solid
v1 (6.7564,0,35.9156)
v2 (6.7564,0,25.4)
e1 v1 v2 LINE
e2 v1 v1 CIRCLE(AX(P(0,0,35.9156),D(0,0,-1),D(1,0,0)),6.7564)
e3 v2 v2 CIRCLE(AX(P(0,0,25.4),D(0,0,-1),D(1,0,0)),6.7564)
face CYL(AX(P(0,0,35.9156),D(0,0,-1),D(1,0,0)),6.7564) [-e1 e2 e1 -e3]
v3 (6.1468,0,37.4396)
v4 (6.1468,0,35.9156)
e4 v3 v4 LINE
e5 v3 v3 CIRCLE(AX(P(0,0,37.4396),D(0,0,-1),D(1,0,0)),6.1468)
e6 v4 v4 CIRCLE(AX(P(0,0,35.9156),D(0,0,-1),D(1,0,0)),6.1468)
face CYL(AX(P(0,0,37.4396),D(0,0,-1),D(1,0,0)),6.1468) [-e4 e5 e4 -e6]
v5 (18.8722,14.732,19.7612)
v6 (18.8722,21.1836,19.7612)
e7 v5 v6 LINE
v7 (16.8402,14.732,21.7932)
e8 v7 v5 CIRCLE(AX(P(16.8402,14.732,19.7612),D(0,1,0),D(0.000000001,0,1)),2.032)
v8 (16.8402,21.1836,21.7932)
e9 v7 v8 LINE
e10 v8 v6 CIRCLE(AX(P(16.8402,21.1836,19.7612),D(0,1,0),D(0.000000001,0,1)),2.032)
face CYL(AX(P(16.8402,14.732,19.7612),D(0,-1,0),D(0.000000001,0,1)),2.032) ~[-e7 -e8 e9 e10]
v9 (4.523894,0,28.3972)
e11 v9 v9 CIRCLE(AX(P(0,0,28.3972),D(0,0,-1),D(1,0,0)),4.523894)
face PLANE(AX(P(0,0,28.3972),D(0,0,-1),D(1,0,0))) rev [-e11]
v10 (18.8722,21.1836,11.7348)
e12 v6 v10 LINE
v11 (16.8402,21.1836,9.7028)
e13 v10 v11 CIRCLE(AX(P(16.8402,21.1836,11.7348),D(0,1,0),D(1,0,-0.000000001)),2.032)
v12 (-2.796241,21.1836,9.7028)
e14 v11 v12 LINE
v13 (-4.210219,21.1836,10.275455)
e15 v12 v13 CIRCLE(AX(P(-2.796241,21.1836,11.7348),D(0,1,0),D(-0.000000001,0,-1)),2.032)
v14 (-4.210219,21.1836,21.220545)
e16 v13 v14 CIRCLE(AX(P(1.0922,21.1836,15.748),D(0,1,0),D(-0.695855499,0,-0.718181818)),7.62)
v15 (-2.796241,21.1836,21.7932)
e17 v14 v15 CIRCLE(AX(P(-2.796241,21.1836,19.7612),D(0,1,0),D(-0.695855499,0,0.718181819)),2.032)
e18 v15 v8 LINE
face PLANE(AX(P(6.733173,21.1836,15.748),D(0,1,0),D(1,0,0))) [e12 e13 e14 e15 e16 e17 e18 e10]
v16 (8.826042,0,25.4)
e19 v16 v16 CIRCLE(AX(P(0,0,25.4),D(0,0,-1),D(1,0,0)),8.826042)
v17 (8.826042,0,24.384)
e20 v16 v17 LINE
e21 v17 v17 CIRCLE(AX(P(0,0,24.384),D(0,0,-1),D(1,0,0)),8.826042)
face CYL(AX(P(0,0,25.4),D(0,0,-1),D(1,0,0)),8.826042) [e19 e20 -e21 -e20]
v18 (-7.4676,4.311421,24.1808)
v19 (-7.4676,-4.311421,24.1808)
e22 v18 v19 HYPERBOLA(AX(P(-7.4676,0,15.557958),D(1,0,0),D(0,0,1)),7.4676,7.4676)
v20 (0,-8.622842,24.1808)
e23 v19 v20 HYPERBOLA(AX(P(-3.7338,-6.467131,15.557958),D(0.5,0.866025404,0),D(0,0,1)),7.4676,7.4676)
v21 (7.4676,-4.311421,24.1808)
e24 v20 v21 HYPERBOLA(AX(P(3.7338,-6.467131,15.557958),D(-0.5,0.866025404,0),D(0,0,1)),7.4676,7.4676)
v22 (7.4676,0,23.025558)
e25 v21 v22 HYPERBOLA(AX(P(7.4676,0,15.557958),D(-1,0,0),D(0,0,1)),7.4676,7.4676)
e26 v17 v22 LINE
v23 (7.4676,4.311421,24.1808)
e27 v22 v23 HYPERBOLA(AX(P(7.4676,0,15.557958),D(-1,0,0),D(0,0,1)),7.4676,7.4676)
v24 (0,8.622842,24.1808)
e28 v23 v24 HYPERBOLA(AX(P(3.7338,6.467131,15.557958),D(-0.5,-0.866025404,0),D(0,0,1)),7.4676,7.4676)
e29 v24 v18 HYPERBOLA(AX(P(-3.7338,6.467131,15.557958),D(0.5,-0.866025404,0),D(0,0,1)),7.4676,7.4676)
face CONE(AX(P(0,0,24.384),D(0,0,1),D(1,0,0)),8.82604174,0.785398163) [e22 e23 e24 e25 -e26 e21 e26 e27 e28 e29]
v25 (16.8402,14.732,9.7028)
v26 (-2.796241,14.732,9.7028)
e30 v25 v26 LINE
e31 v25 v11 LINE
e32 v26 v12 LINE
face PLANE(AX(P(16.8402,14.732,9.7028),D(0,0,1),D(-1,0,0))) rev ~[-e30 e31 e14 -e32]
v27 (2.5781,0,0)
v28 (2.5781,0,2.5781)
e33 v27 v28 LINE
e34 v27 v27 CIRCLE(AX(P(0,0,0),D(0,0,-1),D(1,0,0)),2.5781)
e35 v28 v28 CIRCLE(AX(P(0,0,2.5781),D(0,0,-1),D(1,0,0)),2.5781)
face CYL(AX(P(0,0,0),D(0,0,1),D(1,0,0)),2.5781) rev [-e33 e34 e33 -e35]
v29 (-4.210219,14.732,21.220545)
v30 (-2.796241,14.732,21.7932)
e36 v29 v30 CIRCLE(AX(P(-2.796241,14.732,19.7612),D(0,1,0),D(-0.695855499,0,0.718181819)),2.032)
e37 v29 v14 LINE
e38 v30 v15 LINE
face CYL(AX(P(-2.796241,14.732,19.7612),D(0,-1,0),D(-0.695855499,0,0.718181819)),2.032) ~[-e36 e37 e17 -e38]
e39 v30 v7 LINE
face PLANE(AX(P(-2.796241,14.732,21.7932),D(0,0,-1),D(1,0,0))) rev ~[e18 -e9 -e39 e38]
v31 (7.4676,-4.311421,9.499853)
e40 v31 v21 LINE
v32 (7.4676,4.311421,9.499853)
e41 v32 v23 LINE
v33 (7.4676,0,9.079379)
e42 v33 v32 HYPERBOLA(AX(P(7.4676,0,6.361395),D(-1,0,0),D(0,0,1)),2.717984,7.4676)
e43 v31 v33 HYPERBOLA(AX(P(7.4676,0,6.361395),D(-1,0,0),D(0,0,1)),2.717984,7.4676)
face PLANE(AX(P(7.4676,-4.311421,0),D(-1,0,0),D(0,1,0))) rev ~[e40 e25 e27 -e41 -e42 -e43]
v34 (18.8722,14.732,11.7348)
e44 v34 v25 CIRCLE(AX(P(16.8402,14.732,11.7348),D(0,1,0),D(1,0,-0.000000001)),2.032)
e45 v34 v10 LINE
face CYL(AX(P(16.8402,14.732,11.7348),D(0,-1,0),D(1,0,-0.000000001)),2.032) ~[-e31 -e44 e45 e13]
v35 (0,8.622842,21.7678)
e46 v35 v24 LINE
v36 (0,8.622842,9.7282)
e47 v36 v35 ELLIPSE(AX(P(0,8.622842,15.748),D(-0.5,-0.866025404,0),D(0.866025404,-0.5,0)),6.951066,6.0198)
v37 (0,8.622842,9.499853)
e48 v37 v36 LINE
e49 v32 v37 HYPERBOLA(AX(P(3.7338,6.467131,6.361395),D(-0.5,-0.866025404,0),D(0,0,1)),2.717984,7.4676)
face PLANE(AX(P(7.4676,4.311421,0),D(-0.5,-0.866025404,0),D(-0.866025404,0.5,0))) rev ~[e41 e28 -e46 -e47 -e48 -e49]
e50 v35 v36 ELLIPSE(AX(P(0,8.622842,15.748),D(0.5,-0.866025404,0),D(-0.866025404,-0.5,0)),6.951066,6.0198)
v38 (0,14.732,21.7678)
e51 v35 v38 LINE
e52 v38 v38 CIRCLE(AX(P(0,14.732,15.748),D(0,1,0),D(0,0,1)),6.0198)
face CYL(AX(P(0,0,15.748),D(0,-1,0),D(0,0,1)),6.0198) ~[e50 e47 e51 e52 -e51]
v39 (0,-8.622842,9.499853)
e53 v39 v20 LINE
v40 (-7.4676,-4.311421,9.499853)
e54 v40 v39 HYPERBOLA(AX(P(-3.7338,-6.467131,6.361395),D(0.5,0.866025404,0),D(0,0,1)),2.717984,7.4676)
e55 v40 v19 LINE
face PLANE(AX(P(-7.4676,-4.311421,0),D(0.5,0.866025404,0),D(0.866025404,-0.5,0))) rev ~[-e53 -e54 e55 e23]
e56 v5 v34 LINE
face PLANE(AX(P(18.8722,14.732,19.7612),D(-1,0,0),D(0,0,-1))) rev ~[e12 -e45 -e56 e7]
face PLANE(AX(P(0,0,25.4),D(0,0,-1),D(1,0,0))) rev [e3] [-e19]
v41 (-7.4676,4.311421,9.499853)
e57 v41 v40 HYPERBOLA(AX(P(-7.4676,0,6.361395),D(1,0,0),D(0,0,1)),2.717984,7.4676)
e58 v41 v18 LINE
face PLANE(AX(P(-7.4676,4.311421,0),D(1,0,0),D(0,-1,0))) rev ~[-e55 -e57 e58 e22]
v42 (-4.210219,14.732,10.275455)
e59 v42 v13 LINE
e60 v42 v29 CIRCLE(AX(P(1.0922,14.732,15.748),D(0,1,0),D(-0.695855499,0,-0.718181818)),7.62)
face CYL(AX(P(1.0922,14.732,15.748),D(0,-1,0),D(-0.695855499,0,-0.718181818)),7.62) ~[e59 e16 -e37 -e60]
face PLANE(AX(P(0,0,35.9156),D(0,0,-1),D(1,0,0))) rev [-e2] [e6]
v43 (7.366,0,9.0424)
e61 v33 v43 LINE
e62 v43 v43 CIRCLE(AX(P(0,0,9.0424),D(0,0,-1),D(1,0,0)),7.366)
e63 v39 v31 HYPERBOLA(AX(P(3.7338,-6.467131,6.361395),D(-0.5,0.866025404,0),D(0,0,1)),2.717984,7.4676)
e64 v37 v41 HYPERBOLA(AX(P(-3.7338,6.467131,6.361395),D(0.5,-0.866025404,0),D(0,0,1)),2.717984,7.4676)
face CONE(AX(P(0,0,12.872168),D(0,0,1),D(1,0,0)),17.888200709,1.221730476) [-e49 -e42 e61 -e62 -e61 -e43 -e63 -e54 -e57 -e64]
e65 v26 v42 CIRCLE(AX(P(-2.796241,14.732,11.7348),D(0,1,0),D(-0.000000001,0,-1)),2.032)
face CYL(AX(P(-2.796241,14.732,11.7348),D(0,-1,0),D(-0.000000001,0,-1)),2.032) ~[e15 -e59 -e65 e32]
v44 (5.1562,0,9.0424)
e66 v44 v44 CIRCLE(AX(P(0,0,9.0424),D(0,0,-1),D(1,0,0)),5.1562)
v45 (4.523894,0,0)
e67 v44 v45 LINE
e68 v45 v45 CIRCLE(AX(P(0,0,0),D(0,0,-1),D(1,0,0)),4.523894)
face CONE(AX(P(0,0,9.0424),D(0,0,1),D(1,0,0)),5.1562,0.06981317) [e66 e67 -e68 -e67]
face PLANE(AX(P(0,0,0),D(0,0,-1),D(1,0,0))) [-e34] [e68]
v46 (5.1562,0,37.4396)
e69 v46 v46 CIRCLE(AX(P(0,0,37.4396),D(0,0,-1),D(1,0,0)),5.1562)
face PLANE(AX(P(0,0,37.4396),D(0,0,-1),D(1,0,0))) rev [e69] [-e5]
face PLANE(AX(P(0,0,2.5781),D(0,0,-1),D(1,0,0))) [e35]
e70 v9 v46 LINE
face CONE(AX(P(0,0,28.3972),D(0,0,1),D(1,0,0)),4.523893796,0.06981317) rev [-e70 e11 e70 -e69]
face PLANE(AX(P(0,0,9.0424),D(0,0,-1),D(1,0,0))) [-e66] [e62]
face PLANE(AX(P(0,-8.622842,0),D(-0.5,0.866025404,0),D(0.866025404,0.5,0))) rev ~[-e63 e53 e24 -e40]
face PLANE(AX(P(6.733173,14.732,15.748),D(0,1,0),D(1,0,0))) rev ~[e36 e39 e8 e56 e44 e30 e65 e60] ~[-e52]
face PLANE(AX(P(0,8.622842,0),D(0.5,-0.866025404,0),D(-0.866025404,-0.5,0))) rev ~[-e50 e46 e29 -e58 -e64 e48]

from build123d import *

# Parameters (mm, degrees)
BOSS_EXTRUDE1_DEPTH = 45.72
SKETCH5_R           = 6.0198
BOSS_EXTRUDE3_DEPTH = 14.732
BOSS_EXTRUDE4_DEPTH = 6.4516


with BuildPart() as part:
    # Sketch2 → Boss-Extrude1 (new body)
    with BuildSketch(Plane.XY):
        Polygon((0, 8.62284174), (-7.4676, 4.31142087), (-7.4676, -4.31142087), (0, -8.62284174), (7.4676, -4.31142087), (7.4676, 4.31142087), align=None)
    extrude(amount=BOSS_EXTRUDE1_DEPTH)

    # Sketch1 → Cut-Revolve1 (revolve, cut)
    with BuildSketch(Plane(origin=(0, 0, 0), x_dir=(0, 0, -1), z_dir=(1, 0, 0)), mode=Mode.PRIVATE) as cut_revolve1_sk:
        Polygon((8.722264365, 0), (8.722264365, 28.967330829), (-61.313897387, 28.967330829), (-61.313897387, 0), (-28.3972, 0), (-28.3972, 4.523893796), (-37.4396, 5.1562), (-37.4396, 6.1468), (-35.9156, 6.1468), (-35.9156, 6.7564), (-25.4, 6.7564), (-25.4, 17.888200709), (-12.872167857, 17.888200709), (-9.0424, 7.366), (-9.0424, 5.1562), (0, 4.523893796), (0, 2.5781), (-2.5781, 2.5781), (-2.5781, 0), align=None)
    revolve(cut_revolve1_sk.sketch.rotate(Axis((0, 0, -8.722264365), (0, 0, -1)), 90), axis=Axis((0, 0, -8.722264365), (0, 0, -1)), mode=Mode.SUBTRACT)

    # Sketch4 → Revolve1 (revolve)
    with BuildSketch(Plane(origin=(0, 0, 0), x_dir=(0, 0, -1), z_dir=(1, 0, 0)), mode=Mode.PRIVATE) as revolve1_sk:
        Polygon((-25.4, 8.82604174), (-24.384, 8.82604174), (-19.479330617, 3.921372357), (-25.4, 3.921372357), align=None)
    revolve(revolve1_sk.sketch.rotate(Axis((0, 0, 13.232415159), (0, 0, -1)), 90), axis=Axis((0, 0, 13.232415159), (0, 0, -1)))

    # Sketch5 → Boss-Extrude3 (add)
    with BuildSketch(Plane(origin=(0, 0, 0), x_dir=(1, 0, 0), z_dir=(0, 1, 0))):
        with Locations(Location((0, -15.748, 0), (0, 0, 270))):
            Circle(SKETCH5_R)
    extrude(amount=BOSS_EXTRUDE3_DEPTH)

    # Sketch6 → Boss-Extrude4 (add)
    with BuildSketch(Plane(origin=(0, 14.732, 0), x_dir=(1, 0, 0), z_dir=(0, 1, 0))):
        with BuildLine():
            Line((-2.796240531, -21.7932), (16.8402, -21.7932))
            ThreePointArc((16.8402, -21.7932), (18.277040979, -21.198040979), (18.8722, -19.7612))
            Line((18.8722, -19.7612), (18.8722, -11.7348))
            ThreePointArc((18.8722, -11.7348), (18.277040979, -10.297959021), (16.8402, -9.7028))
            Line((16.8402, -9.7028), (-2.796240531, -9.7028))
            ThreePointArc((-2.796240531, -9.7028), (-3.559009839, -9.851396968), (-4.210218905, -10.275454545))
            ThreePointArc((-4.210218905, -10.275454545), (-6.5278, -15.748), (-4.210218905, -21.220545455))
            ThreePointArc((-4.210218905, -21.220545455), (-3.559009839, -21.644603032), (-2.796240531, -21.7932))
        make_face()
    extrude(amount=BOSS_EXTRUDE4_DEPTH)


solid = part.part
